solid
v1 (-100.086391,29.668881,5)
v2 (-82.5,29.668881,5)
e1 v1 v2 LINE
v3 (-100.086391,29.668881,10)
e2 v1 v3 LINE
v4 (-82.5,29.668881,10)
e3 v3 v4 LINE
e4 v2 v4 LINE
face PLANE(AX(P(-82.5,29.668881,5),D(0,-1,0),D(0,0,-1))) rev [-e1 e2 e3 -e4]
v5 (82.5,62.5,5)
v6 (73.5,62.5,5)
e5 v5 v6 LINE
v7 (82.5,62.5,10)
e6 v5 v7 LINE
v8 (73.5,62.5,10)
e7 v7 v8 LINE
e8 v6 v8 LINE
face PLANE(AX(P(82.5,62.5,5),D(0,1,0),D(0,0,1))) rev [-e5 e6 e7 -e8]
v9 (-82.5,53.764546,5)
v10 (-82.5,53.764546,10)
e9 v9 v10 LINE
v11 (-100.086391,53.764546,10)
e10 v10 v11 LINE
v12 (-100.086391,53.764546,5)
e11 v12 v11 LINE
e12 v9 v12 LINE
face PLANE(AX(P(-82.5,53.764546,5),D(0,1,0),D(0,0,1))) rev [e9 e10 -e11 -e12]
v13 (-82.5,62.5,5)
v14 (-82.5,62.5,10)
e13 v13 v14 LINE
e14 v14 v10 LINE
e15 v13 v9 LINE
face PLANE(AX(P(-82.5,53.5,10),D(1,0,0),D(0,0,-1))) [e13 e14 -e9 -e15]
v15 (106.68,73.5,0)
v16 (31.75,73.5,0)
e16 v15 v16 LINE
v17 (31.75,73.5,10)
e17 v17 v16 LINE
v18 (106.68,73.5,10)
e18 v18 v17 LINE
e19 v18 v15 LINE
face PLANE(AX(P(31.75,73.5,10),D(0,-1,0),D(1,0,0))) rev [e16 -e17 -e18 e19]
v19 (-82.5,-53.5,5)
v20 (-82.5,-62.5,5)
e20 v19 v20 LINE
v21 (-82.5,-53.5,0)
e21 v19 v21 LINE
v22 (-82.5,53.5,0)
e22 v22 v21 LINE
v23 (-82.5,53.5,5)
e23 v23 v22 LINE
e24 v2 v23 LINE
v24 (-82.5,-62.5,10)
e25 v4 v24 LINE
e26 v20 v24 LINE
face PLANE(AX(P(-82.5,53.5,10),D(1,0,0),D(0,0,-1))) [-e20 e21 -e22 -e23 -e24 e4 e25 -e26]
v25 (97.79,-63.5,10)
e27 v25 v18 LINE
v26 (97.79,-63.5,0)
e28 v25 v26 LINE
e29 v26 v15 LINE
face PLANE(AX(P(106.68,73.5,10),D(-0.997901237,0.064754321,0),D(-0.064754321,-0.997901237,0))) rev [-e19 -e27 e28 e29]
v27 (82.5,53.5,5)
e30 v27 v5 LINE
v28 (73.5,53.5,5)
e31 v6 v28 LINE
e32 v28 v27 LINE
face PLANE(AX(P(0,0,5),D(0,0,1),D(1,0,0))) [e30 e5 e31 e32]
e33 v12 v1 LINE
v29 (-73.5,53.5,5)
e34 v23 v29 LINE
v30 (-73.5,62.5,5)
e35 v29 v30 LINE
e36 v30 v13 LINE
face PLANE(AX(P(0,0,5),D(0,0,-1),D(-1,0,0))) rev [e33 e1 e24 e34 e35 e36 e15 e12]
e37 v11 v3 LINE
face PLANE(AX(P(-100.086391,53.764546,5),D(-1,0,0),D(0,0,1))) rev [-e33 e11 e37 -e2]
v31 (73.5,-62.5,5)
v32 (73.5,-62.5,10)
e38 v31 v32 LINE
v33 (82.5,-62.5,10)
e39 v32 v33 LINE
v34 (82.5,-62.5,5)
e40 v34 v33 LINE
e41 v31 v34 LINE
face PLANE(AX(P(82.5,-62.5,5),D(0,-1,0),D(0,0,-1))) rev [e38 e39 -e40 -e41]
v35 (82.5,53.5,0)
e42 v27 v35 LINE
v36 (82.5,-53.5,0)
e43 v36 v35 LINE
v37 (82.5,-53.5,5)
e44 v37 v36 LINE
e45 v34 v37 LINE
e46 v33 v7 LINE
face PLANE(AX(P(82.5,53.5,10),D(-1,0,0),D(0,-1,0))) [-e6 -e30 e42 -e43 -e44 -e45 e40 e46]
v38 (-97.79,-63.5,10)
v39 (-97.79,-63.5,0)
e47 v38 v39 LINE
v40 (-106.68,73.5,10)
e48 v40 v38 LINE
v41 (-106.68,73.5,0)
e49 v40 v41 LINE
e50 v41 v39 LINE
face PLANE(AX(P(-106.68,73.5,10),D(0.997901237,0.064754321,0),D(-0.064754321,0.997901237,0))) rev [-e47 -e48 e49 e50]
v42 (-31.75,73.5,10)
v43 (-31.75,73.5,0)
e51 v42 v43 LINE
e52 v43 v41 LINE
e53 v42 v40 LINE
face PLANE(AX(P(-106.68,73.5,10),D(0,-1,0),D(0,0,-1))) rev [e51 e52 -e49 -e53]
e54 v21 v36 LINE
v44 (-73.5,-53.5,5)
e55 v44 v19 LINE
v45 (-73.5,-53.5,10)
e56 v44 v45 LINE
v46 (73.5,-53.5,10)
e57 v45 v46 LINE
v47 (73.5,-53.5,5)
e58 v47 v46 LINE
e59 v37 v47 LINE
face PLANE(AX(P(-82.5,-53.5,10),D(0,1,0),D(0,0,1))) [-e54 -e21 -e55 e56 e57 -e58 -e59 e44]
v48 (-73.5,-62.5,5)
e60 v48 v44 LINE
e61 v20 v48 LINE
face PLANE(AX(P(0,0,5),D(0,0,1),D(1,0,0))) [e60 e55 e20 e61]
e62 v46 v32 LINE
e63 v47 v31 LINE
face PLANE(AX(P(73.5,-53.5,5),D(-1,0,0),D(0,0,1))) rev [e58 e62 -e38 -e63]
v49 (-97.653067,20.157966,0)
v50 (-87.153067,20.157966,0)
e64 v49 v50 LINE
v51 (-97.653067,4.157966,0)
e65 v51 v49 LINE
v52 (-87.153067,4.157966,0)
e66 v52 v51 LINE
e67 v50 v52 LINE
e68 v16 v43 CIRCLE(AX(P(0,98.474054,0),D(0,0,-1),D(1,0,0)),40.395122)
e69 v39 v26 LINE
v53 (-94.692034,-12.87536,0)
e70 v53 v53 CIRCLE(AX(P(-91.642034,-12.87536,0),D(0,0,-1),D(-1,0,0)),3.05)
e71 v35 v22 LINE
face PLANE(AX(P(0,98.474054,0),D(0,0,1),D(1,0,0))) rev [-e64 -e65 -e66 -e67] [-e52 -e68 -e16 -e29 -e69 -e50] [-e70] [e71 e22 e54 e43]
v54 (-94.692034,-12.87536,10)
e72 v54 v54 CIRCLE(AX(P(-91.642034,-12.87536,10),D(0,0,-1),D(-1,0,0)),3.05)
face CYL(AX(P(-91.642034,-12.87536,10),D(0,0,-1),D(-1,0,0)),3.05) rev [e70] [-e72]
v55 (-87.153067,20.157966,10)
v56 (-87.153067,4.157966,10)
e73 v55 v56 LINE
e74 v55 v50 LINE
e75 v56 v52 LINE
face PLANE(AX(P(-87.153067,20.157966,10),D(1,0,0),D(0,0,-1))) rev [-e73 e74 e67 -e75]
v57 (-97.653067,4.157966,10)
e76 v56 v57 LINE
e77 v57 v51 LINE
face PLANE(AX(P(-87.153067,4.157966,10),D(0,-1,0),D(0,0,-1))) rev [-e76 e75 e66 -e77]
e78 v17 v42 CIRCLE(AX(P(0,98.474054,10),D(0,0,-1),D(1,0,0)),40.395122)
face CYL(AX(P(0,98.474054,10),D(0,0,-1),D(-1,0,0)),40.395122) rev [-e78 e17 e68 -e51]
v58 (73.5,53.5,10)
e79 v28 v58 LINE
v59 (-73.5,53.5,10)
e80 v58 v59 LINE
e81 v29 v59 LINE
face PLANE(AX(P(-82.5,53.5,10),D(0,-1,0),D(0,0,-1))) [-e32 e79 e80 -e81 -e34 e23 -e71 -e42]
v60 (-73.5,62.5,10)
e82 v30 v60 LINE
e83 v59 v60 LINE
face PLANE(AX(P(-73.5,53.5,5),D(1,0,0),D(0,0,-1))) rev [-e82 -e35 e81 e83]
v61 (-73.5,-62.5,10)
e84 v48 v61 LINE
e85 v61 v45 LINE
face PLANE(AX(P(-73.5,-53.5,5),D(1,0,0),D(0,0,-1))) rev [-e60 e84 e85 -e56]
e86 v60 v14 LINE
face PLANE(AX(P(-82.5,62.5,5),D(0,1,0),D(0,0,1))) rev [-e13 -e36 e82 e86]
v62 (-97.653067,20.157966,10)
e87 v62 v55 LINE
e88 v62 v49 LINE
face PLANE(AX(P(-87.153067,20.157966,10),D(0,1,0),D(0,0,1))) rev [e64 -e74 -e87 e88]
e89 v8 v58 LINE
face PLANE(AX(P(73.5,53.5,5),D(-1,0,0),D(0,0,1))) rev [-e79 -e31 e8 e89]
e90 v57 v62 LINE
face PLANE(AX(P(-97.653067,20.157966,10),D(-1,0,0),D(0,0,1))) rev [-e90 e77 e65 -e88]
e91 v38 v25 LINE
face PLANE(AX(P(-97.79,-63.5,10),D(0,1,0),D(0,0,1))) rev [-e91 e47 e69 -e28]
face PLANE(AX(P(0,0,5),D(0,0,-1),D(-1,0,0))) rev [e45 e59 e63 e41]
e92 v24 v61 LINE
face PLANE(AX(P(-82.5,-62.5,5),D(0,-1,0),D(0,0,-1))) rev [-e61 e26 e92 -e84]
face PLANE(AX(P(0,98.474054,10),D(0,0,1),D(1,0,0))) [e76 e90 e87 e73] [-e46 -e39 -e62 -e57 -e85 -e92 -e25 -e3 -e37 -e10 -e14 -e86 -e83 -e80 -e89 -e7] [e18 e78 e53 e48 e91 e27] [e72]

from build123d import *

# Parameters (mm, degrees)
SKETCH1_W           = 165
SKETCH1_H           = 107
BOSS_EXTRUDE1_DEPTH = 10
SKETCH2_W           = 9
SKETCH2_H           = 9
CUT_EXTRUDE1_DEPTH  = 5
SKETCH3_W           = 17.586391164
SKETCH3_H           = 24.095664715
CUT_EXTRUDE2_DEPTH  = 5
SKETCH6_W           = 10.5
SKETCH6_H           = 16
CUT_EXTRUDE3_DEPTH  = 130.934107916
SKETCH8_R           = 3.05
CUT_EXTRUDE4_DEPTH  = 130.934107916
SKETCH9_W           = 9
SKETCH9_H           = 9
CUT_EXTRUDE5_DEPTH  = 5


with BuildPart() as part:
    # Sketch1 → Boss-Extrude1 (new body)
    with BuildSketch(Plane.XY):
        with BuildLine():
            Line((-106.68, 73.5), (-31.75, 73.5))
            ThreePointArc((-31.75, 73.5), (0, 58.078932216), (31.75, 73.5))
            Line((31.75, 73.5), (106.68, 73.5))
            Line((106.68, 73.5), (97.79, -63.5))
            Line((97.79, -63.5), (-97.79, -63.5))
            Line((-97.79, -63.5), (-106.68, 73.5))
        make_face()
        Rectangle(SKETCH1_W, SKETCH1_H, mode=Mode.SUBTRACT)
    extrude(amount=BOSS_EXTRUDE1_DEPTH)

    # Sketch2 → Cut-Extrude1 (cut)
    with BuildSketch(Plane.XY.offset(10)):
        with Locations((78, 58)):
            Rectangle(SKETCH2_W, SKETCH2_H)
        with Locations((-78, 58)):
            Rectangle(SKETCH2_W, SKETCH2_H)
    extrude(amount=-CUT_EXTRUDE1_DEPTH, mode=Mode.SUBTRACT)

    # Sketch3 → Cut-Extrude2 (cut)
    with BuildSketch(Plane.XY.offset(10)):
        with Locations((-91.293195582, 41.716713566)):
            Rectangle(SKETCH3_W, SKETCH3_H)
    extrude(amount=-CUT_EXTRUDE2_DEPTH, mode=Mode.SUBTRACT)

    # Sketch6 → Cut-Extrude3 (cut, through all)
    with BuildSketch(Plane(origin=(0, 0, 0), x_dir=(-1, 0, 0), z_dir=(0, 0, -1))):
        with Locations((92.403067071, 12.157965544)):
            Rectangle(SKETCH6_W, SKETCH6_H)
    extrude(amount=-CUT_EXTRUDE3_DEPTH, mode=Mode.SUBTRACT)

    # Sketch8 → Cut-Extrude4 (cut, through all)
    with BuildSketch(Plane(origin=(0, 0, 0), x_dir=(-1, 0, 0), z_dir=(0, 0, -1))):
        with Locations((91.642033661, -12.875359706)):
            Circle(SKETCH8_R)
    extrude(amount=-CUT_EXTRUDE4_DEPTH, mode=Mode.SUBTRACT)

    # Sketch9 → Cut-Extrude5 (cut)
    with BuildSketch(Plane.XY.offset(10)):
        with Locations((78, -58)):
            Rectangle(SKETCH9_W, SKETCH9_H)
        with Locations((-78, -58)):
            Rectangle(SKETCH9_W, SKETCH9_H)
    extrude(amount=-CUT_EXTRUDE5_DEPTH, mode=Mode.SUBTRACT)


solid = part.part
